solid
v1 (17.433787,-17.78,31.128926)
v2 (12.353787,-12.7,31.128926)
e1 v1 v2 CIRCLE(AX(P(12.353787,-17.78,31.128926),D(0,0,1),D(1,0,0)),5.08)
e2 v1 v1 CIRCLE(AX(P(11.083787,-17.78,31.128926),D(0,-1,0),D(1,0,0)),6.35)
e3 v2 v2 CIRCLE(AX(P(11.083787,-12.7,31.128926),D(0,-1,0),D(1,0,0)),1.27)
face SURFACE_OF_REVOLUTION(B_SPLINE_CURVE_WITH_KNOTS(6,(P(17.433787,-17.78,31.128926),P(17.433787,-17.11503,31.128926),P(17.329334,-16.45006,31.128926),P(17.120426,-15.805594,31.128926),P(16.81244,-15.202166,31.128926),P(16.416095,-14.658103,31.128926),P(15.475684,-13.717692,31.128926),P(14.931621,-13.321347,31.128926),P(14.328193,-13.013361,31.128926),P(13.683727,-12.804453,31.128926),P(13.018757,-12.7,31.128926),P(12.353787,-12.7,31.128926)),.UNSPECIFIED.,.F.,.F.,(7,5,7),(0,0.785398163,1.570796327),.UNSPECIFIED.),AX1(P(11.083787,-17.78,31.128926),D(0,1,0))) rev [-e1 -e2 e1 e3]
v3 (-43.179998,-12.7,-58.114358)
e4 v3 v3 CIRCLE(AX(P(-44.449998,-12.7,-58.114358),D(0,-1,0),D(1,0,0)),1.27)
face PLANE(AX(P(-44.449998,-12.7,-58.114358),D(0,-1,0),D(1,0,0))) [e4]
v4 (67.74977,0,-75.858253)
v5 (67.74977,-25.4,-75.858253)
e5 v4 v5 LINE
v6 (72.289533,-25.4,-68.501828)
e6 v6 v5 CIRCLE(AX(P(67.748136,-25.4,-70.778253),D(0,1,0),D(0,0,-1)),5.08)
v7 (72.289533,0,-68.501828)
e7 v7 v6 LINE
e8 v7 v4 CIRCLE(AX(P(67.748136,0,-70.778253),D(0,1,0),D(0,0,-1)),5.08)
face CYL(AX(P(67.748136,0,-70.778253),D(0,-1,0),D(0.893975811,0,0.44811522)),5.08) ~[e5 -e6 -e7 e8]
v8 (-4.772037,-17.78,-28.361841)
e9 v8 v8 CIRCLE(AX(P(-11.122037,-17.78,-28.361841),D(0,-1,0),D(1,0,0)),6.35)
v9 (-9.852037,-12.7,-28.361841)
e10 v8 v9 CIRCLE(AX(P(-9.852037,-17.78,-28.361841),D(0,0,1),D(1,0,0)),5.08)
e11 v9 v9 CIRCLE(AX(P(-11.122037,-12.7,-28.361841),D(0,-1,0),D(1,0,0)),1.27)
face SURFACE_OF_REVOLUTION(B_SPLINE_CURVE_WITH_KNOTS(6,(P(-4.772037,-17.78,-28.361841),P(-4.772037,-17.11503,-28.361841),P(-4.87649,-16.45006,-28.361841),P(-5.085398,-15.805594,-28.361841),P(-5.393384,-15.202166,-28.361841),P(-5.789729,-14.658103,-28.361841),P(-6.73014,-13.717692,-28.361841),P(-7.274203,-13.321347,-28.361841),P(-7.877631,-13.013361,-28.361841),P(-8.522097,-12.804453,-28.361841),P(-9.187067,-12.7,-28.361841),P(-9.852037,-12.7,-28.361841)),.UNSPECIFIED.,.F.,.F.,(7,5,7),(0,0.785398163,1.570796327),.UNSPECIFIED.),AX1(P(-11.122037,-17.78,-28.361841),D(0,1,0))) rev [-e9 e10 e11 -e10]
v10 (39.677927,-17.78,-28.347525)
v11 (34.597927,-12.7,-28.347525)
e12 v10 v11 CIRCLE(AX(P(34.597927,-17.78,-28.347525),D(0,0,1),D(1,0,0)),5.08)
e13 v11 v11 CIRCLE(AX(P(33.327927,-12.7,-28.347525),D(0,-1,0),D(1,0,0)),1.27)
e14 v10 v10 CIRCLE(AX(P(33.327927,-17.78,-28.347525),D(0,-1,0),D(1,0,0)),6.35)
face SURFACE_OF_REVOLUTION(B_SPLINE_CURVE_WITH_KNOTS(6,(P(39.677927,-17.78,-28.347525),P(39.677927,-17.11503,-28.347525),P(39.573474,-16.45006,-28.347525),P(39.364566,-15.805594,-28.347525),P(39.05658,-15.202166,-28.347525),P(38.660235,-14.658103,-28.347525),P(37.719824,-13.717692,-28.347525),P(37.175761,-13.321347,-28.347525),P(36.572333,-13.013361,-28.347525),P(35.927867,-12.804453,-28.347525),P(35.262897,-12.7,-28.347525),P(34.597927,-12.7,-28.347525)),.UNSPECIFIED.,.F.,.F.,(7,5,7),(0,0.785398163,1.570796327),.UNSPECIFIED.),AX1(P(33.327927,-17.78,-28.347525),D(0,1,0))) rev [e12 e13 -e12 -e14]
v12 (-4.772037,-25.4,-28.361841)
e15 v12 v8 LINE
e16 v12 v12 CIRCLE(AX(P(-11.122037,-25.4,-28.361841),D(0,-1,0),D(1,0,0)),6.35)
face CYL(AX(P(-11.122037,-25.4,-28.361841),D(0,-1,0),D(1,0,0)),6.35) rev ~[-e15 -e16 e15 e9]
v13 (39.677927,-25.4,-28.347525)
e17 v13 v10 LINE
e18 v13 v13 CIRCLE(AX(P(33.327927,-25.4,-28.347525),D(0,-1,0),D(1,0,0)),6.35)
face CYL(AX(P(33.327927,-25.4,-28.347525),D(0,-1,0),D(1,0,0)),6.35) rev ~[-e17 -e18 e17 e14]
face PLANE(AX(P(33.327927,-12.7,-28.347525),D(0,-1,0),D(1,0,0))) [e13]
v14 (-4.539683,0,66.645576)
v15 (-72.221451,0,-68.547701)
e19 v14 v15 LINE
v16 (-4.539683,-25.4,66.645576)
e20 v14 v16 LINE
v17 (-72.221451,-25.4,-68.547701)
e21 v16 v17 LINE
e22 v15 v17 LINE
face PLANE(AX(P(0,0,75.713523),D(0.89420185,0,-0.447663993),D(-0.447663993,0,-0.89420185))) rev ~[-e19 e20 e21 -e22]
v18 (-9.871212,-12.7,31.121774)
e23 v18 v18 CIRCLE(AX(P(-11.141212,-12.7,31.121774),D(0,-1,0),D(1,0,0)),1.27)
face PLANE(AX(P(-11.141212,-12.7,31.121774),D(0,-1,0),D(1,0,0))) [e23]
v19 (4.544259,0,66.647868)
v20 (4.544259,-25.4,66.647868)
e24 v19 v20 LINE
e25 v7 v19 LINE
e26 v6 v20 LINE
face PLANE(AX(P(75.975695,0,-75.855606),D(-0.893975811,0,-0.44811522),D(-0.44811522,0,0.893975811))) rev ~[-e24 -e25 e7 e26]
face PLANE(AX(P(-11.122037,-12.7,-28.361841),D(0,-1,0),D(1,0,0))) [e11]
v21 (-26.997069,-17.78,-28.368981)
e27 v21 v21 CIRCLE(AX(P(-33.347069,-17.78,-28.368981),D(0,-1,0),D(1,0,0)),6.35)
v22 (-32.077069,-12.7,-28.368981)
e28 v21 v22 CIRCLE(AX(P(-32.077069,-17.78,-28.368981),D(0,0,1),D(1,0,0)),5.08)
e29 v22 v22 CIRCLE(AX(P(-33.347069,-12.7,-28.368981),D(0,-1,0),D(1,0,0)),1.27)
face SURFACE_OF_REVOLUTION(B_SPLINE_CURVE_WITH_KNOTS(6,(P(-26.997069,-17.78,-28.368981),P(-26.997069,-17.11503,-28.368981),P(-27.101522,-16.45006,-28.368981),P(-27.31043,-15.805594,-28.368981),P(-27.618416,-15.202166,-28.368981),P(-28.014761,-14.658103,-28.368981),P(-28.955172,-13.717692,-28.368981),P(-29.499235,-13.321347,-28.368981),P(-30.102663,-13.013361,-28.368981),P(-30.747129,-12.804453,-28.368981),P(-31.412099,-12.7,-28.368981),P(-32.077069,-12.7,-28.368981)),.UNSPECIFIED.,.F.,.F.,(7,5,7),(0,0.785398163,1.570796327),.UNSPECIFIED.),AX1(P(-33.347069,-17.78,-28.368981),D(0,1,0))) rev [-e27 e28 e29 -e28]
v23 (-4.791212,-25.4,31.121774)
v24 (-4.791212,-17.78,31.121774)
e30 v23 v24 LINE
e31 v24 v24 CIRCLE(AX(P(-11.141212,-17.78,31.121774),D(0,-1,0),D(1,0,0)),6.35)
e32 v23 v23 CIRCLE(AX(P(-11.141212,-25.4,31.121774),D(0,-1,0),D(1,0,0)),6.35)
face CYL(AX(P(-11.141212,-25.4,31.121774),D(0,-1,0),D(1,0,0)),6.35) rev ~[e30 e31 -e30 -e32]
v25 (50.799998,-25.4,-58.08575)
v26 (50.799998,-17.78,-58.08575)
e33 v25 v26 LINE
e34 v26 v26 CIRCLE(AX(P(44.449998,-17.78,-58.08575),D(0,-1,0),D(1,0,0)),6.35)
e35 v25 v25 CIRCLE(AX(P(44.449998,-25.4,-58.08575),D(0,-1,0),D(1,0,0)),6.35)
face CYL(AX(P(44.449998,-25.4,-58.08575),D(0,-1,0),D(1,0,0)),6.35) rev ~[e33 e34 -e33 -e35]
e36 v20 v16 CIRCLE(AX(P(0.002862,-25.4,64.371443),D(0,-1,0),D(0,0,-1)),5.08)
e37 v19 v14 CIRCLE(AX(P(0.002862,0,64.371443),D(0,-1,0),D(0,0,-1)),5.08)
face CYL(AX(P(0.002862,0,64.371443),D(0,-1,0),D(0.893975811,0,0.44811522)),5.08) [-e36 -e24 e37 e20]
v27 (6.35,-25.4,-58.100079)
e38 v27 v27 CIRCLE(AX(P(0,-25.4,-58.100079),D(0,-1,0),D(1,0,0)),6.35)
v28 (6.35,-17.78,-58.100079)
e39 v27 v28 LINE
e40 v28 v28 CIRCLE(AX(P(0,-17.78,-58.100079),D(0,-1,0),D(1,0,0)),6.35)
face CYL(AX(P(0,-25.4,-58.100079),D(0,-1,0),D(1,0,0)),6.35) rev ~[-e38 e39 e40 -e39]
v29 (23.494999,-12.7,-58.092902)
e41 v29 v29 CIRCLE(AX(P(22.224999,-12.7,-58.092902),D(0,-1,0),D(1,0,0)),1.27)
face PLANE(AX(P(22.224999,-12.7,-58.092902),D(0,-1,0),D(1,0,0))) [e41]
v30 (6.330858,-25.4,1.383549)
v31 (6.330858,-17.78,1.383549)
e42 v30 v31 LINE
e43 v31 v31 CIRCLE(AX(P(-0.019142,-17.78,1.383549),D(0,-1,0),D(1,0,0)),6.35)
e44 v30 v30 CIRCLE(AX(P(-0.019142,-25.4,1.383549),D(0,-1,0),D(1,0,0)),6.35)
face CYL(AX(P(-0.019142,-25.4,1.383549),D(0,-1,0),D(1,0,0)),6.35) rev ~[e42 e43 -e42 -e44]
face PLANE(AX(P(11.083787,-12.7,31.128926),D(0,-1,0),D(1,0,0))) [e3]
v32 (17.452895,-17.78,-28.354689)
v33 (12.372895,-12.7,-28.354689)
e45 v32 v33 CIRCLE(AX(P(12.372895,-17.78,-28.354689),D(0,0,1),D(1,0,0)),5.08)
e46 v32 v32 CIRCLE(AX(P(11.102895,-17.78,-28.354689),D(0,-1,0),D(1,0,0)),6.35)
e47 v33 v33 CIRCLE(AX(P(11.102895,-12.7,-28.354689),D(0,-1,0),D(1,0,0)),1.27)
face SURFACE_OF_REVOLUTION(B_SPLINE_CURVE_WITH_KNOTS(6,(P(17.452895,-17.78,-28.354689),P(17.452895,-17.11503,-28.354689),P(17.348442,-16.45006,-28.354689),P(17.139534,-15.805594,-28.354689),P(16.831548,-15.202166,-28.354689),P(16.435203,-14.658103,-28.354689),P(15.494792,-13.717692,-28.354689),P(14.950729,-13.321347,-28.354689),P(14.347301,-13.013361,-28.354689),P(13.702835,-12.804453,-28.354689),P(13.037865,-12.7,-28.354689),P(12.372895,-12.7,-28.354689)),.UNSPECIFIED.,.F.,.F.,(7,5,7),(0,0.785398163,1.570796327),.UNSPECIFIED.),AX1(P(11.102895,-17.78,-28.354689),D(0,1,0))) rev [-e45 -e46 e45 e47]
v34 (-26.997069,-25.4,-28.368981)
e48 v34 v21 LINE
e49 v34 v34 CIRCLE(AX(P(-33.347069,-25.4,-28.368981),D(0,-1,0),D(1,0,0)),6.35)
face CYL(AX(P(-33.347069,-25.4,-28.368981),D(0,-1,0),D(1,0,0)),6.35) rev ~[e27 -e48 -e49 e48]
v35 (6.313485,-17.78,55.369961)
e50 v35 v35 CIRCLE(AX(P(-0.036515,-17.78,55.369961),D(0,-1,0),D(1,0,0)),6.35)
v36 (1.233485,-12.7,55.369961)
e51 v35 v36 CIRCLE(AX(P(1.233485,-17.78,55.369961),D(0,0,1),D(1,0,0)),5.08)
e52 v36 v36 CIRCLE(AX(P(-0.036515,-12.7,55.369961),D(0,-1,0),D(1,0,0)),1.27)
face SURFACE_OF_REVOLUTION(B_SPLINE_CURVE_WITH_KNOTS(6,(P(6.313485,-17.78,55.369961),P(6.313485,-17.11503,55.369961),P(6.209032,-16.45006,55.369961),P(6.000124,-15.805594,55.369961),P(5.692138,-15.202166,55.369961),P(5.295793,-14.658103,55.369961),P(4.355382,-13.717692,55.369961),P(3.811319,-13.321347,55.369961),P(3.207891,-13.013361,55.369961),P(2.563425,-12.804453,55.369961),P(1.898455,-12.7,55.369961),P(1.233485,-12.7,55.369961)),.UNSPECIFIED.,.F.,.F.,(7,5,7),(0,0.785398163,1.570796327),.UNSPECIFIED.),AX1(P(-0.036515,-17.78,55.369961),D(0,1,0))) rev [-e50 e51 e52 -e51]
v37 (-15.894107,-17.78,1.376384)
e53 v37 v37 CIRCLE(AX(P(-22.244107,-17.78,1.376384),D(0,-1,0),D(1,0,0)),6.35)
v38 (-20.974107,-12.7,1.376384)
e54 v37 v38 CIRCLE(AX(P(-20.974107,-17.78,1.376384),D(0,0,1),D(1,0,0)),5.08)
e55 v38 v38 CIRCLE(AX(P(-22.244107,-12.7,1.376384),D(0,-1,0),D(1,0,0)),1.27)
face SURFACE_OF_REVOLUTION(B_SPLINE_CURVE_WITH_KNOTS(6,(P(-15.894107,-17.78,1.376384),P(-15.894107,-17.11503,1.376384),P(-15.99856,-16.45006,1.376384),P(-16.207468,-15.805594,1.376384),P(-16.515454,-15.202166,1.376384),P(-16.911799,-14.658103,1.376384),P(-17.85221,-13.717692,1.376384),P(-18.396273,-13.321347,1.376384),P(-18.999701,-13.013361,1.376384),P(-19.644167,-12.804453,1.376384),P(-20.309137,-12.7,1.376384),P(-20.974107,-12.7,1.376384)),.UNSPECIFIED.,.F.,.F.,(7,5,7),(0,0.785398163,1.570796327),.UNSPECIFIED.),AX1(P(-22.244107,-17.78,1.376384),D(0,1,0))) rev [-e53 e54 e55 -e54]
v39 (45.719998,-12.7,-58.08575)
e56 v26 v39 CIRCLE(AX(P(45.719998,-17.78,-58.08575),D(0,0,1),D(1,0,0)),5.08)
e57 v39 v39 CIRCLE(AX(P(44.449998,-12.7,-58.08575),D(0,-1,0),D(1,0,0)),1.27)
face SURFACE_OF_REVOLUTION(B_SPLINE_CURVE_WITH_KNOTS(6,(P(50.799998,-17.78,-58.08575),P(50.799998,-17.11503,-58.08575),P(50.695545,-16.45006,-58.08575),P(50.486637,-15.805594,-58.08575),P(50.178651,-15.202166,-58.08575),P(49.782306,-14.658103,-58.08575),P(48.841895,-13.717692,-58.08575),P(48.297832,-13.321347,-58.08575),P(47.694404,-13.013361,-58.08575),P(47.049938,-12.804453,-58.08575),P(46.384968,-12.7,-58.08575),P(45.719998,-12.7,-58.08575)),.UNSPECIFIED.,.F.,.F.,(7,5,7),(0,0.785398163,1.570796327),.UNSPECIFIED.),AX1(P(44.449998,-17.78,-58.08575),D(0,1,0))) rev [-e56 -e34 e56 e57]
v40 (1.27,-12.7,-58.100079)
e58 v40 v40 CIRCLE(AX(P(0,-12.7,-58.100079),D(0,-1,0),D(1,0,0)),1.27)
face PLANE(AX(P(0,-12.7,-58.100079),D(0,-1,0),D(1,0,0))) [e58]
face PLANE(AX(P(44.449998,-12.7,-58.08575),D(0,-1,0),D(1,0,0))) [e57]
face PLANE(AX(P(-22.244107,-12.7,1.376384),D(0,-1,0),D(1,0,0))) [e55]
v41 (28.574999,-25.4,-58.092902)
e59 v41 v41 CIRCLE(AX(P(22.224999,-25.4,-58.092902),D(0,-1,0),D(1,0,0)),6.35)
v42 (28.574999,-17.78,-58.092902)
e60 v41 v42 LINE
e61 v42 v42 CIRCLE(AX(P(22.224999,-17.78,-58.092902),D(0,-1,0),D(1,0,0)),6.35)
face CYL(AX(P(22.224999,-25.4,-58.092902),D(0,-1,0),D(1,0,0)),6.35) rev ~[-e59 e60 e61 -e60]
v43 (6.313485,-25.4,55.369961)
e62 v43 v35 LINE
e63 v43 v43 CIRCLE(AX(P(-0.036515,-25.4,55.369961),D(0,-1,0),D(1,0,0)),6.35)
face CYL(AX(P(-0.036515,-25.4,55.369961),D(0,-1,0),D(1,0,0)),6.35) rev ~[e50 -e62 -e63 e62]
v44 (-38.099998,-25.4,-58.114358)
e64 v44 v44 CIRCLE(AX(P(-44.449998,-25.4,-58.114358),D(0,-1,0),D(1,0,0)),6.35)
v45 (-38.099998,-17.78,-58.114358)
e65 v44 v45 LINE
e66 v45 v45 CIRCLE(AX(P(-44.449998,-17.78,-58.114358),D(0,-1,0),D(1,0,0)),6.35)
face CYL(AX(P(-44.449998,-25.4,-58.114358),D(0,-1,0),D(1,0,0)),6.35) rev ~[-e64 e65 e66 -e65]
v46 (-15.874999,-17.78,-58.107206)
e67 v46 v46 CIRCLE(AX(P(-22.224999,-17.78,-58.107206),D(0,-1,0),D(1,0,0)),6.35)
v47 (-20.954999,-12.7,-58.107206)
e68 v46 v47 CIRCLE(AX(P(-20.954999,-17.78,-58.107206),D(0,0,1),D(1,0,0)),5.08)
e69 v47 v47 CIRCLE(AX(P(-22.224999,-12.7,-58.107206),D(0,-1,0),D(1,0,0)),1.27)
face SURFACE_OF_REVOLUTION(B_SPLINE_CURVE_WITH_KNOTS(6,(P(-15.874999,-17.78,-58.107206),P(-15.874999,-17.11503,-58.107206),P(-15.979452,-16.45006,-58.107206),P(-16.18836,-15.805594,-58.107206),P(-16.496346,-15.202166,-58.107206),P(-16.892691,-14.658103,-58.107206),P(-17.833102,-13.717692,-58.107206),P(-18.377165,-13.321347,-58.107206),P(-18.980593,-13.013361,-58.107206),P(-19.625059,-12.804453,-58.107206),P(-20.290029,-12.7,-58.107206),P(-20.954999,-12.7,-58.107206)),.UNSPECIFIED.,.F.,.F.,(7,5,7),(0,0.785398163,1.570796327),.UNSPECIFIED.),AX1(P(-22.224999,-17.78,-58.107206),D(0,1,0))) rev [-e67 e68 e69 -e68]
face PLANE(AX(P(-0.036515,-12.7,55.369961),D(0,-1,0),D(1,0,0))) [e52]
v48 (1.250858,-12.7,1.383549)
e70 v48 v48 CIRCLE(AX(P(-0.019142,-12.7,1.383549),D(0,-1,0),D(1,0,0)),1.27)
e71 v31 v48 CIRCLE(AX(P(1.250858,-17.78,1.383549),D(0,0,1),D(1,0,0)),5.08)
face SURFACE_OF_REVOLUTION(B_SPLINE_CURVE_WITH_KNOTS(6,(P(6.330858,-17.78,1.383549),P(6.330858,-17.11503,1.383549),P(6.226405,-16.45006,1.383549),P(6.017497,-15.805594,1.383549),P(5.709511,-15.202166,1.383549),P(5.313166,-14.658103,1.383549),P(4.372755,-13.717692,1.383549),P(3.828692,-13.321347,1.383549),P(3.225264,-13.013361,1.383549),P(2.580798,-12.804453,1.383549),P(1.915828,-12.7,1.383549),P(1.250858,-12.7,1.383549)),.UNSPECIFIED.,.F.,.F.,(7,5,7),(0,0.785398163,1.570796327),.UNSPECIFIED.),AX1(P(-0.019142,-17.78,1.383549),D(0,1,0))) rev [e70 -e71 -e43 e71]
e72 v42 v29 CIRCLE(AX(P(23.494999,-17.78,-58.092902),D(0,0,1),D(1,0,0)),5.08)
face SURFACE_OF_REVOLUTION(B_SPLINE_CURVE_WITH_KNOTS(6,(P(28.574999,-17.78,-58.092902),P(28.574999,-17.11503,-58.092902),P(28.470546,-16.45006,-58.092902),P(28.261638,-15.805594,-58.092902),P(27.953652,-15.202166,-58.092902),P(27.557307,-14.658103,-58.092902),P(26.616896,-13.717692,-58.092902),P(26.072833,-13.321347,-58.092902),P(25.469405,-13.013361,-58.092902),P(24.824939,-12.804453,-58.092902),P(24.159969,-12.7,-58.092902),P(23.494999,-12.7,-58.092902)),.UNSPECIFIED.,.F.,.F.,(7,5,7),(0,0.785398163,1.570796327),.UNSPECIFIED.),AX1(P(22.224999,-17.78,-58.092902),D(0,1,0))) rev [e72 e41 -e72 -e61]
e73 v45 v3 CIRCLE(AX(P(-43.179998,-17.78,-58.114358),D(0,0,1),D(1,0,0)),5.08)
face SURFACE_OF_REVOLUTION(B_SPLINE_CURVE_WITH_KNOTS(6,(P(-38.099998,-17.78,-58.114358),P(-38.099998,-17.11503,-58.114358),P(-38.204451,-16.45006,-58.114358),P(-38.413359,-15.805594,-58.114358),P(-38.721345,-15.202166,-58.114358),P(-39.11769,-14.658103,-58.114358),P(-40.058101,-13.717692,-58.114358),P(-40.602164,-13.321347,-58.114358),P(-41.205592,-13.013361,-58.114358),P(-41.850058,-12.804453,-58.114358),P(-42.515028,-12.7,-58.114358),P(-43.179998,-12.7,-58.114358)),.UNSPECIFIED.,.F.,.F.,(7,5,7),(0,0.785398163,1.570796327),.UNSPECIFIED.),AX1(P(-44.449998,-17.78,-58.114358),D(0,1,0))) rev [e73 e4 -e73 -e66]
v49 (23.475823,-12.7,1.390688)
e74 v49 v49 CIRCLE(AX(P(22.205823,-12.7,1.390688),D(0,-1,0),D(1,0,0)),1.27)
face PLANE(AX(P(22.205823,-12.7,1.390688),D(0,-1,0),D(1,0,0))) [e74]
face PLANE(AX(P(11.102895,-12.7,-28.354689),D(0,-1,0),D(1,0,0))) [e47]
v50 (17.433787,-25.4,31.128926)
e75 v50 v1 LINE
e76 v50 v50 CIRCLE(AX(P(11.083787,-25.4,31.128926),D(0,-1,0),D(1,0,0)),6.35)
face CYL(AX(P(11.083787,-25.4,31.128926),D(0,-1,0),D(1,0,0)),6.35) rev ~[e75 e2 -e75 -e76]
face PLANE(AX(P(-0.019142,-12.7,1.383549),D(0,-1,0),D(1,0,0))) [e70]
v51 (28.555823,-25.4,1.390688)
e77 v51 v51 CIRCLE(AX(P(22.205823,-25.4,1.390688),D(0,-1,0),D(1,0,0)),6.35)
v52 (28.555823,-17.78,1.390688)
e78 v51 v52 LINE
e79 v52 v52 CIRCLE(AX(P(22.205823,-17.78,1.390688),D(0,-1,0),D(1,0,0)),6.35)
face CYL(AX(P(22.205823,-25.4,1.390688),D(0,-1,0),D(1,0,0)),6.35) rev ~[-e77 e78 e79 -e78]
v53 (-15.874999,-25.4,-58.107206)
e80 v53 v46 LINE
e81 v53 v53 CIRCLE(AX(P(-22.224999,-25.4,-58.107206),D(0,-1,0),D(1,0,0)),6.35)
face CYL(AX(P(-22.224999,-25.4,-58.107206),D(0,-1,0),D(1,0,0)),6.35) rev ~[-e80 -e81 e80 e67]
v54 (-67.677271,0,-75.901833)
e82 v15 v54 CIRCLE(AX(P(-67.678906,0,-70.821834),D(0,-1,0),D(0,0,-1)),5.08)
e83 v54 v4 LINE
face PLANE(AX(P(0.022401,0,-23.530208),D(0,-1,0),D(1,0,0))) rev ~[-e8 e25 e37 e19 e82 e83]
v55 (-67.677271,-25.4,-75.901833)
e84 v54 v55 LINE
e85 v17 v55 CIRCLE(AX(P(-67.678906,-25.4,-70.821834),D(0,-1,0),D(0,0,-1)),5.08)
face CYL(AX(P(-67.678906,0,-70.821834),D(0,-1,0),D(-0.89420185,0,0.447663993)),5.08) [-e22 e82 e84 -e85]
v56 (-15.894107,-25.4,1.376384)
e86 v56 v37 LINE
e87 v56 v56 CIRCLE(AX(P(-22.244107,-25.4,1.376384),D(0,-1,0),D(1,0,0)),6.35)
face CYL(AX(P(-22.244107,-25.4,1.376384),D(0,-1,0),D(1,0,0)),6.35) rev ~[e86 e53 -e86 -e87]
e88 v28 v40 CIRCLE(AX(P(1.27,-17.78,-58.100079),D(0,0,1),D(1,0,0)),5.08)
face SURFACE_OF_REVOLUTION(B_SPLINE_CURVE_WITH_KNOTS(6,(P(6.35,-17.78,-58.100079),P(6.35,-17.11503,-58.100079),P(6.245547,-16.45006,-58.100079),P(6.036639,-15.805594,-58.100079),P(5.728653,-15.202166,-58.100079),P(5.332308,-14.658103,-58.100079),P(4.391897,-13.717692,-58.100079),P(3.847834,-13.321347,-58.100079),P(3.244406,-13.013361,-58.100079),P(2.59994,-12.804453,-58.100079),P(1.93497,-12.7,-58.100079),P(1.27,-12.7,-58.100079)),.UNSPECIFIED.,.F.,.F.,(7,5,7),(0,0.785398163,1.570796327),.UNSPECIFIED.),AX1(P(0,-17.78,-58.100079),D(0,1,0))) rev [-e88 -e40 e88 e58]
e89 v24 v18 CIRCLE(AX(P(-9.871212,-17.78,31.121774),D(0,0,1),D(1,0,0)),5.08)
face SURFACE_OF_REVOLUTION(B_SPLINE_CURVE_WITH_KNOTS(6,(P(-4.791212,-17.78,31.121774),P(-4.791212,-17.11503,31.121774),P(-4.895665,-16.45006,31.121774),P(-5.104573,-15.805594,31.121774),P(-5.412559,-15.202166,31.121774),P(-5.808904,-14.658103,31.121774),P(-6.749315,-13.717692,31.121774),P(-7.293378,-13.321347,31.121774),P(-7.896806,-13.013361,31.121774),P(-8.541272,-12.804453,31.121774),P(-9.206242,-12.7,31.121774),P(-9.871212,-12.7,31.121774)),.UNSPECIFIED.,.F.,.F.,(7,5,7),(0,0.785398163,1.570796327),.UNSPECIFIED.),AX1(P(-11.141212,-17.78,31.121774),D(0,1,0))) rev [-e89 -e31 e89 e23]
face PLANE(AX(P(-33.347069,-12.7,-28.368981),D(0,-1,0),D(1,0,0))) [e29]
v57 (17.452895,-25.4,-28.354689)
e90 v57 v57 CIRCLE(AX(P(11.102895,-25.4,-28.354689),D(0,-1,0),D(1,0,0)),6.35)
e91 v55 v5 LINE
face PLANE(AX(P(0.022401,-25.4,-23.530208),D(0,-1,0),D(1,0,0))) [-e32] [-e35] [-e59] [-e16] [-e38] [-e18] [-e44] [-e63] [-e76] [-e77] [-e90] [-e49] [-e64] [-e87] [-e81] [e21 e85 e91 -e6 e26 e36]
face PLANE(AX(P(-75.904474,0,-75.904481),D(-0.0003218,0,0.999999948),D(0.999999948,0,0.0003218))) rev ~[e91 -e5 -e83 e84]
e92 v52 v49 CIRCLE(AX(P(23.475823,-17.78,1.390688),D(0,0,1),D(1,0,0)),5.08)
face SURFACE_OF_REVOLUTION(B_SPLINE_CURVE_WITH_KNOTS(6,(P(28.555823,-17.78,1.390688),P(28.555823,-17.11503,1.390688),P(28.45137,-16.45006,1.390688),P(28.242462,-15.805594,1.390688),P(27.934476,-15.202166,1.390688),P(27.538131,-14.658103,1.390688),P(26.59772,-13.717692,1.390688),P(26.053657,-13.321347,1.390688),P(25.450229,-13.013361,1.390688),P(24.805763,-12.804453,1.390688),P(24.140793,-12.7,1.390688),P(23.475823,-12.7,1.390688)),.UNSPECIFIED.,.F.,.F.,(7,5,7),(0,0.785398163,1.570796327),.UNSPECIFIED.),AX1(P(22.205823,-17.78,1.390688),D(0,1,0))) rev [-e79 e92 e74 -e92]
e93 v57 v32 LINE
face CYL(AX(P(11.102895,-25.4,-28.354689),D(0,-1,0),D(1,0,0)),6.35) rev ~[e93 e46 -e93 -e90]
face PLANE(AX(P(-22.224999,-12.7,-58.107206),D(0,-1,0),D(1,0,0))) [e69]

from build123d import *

# Parameters (mm, degrees)
F1_DEPTH  = 25.4
F2_R      = 6.35
F3_DEPTH  = 12.7
F4_R      = 6.35
F5_DEPTH  = 12.7
F6_R      = 6.35
F7_DEPTH  = 12.7
F8_R      = 6.35
F9_DEPTH  = 12.7
F10_R     = 6.35
F11_DEPTH = 12.7
F12_R     = 5.08
F13_R     = 5.08
F14_R     = 5.08
F15_R     = 5.08


with BuildPart() as f1:
    # F0 (on Front) → F1 (new body)
    with BuildSketch(Plane.XZ):
        Polygon((0, 75.713523), (-75.904474, -75.904481), (75.975695, -75.855606), align=None)
    extrude(amount=F1_DEPTH)

    # F2 (on face) → F3 (cut)
    with BuildSketch(Plane.XZ.offset(25.4)):
        with Locations((-44.449998, -58.114358)):
            Circle(F2_R)
        with Locations((44.449998, -58.08575)):
            Circle(F2_R)
        with Locations((0, -58.100079)):
            Circle(F2_R)
        with Locations((-22.224999, -58.107206)):
            Circle(F2_R)
        with Locations((22.224999, -58.092902)):
            Circle(F2_R)
    extrude(amount=-F3_DEPTH, mode=Mode.SUBTRACT)

    # F4 (on face) → F5 (cut)
    with BuildSketch(Plane.XZ.offset(25.4)):
        with Locations((-33.347069, -28.368981)):
            Circle(F4_R)
        with Locations((33.327927, -28.347525)):
            Circle(F4_R)
        with Locations((-11.122037, -28.361841)):
            Circle(F4_R)
        with Locations((11.102895, -28.354689)):
            Circle(F4_R)
    extrude(amount=-F5_DEPTH, mode=Mode.SUBTRACT)

    # F6 (on face) → F7 (cut)
    with BuildSketch(Plane.XZ.offset(25.4)):
        with Locations((-22.244107, 1.376384)):
            Circle(F6_R)
        with Locations((-0.019142, 1.383549)):
            Circle(F6_R)
        with Locations((22.205823, 1.390688)):
            Circle(F6_R)
    extrude(amount=-F7_DEPTH, mode=Mode.SUBTRACT)

    # F8 (on face) → F9 (cut)
    with BuildSketch(Plane.XZ.offset(25.4)):
        with Locations((-11.141212, 31.121774)):
            Circle(F8_R)
        with Locations((11.083787, 31.128926)):
            Circle(F8_R)
    extrude(amount=-F9_DEPTH, mode=Mode.SUBTRACT)

    # F10 (on face) → F11 (cut)
    with BuildSketch(Plane.XZ.offset(25.4)):
        with Locations((-0.036515, 55.369961)):
            Circle(F10_R)
    extrude(amount=-F11_DEPTH, mode=Mode.SUBTRACT)

    # F12
    f12_edges = [f1.edges().sort_by_distance(p)[0] for p in [
        (-75.904474, -12.7, -75.904481),
    ]]
    fillet(f12_edges, radius=F12_R)

    # F13
    f13_edges = [f1.edges().sort_by_distance(p)[0] for p in [
        (75.975695, -12.7, -75.855606),
    ]]
    fillet(f13_edges, radius=F13_R)

    # F14
    f14_edges = [f1.edges().sort_by_distance(p)[0] for p in [
        (0, -12.7, 75.713523),
    ]]
    fillet(f14_edges, radius=F14_R)

    # F15
    f15_edges = [f1.edges().sort_by_distance(p)[0] for p in [
        (4.733787, -12.7, 31.128926),
        (-6.386515, -12.7, 55.369961),
        (-17.491212, -12.7, 31.121774),
        (-28.594107, -12.7, 1.376384),
        (-6.369142, -12.7, 1.383549),
        (15.855823, -12.7, 1.390688),
        (26.977927, -12.7, -28.347525),
        (4.752895, -12.7, -28.354689),
        (-17.472037, -12.7, -28.361841),
        (-39.697069, -12.7, -28.368981),
        (38.099998, -12.7, -58.08575),
        (15.874999, -12.7, -58.092902),
        (-6.35, -12.7, -58.100079),
        (-28.574999, -12.7, -58.107206),
        (-50.799998, -12.7, -58.114358),
    ]]
    fillet(f15_edges, radius=F15_R)


solid = f1.part
